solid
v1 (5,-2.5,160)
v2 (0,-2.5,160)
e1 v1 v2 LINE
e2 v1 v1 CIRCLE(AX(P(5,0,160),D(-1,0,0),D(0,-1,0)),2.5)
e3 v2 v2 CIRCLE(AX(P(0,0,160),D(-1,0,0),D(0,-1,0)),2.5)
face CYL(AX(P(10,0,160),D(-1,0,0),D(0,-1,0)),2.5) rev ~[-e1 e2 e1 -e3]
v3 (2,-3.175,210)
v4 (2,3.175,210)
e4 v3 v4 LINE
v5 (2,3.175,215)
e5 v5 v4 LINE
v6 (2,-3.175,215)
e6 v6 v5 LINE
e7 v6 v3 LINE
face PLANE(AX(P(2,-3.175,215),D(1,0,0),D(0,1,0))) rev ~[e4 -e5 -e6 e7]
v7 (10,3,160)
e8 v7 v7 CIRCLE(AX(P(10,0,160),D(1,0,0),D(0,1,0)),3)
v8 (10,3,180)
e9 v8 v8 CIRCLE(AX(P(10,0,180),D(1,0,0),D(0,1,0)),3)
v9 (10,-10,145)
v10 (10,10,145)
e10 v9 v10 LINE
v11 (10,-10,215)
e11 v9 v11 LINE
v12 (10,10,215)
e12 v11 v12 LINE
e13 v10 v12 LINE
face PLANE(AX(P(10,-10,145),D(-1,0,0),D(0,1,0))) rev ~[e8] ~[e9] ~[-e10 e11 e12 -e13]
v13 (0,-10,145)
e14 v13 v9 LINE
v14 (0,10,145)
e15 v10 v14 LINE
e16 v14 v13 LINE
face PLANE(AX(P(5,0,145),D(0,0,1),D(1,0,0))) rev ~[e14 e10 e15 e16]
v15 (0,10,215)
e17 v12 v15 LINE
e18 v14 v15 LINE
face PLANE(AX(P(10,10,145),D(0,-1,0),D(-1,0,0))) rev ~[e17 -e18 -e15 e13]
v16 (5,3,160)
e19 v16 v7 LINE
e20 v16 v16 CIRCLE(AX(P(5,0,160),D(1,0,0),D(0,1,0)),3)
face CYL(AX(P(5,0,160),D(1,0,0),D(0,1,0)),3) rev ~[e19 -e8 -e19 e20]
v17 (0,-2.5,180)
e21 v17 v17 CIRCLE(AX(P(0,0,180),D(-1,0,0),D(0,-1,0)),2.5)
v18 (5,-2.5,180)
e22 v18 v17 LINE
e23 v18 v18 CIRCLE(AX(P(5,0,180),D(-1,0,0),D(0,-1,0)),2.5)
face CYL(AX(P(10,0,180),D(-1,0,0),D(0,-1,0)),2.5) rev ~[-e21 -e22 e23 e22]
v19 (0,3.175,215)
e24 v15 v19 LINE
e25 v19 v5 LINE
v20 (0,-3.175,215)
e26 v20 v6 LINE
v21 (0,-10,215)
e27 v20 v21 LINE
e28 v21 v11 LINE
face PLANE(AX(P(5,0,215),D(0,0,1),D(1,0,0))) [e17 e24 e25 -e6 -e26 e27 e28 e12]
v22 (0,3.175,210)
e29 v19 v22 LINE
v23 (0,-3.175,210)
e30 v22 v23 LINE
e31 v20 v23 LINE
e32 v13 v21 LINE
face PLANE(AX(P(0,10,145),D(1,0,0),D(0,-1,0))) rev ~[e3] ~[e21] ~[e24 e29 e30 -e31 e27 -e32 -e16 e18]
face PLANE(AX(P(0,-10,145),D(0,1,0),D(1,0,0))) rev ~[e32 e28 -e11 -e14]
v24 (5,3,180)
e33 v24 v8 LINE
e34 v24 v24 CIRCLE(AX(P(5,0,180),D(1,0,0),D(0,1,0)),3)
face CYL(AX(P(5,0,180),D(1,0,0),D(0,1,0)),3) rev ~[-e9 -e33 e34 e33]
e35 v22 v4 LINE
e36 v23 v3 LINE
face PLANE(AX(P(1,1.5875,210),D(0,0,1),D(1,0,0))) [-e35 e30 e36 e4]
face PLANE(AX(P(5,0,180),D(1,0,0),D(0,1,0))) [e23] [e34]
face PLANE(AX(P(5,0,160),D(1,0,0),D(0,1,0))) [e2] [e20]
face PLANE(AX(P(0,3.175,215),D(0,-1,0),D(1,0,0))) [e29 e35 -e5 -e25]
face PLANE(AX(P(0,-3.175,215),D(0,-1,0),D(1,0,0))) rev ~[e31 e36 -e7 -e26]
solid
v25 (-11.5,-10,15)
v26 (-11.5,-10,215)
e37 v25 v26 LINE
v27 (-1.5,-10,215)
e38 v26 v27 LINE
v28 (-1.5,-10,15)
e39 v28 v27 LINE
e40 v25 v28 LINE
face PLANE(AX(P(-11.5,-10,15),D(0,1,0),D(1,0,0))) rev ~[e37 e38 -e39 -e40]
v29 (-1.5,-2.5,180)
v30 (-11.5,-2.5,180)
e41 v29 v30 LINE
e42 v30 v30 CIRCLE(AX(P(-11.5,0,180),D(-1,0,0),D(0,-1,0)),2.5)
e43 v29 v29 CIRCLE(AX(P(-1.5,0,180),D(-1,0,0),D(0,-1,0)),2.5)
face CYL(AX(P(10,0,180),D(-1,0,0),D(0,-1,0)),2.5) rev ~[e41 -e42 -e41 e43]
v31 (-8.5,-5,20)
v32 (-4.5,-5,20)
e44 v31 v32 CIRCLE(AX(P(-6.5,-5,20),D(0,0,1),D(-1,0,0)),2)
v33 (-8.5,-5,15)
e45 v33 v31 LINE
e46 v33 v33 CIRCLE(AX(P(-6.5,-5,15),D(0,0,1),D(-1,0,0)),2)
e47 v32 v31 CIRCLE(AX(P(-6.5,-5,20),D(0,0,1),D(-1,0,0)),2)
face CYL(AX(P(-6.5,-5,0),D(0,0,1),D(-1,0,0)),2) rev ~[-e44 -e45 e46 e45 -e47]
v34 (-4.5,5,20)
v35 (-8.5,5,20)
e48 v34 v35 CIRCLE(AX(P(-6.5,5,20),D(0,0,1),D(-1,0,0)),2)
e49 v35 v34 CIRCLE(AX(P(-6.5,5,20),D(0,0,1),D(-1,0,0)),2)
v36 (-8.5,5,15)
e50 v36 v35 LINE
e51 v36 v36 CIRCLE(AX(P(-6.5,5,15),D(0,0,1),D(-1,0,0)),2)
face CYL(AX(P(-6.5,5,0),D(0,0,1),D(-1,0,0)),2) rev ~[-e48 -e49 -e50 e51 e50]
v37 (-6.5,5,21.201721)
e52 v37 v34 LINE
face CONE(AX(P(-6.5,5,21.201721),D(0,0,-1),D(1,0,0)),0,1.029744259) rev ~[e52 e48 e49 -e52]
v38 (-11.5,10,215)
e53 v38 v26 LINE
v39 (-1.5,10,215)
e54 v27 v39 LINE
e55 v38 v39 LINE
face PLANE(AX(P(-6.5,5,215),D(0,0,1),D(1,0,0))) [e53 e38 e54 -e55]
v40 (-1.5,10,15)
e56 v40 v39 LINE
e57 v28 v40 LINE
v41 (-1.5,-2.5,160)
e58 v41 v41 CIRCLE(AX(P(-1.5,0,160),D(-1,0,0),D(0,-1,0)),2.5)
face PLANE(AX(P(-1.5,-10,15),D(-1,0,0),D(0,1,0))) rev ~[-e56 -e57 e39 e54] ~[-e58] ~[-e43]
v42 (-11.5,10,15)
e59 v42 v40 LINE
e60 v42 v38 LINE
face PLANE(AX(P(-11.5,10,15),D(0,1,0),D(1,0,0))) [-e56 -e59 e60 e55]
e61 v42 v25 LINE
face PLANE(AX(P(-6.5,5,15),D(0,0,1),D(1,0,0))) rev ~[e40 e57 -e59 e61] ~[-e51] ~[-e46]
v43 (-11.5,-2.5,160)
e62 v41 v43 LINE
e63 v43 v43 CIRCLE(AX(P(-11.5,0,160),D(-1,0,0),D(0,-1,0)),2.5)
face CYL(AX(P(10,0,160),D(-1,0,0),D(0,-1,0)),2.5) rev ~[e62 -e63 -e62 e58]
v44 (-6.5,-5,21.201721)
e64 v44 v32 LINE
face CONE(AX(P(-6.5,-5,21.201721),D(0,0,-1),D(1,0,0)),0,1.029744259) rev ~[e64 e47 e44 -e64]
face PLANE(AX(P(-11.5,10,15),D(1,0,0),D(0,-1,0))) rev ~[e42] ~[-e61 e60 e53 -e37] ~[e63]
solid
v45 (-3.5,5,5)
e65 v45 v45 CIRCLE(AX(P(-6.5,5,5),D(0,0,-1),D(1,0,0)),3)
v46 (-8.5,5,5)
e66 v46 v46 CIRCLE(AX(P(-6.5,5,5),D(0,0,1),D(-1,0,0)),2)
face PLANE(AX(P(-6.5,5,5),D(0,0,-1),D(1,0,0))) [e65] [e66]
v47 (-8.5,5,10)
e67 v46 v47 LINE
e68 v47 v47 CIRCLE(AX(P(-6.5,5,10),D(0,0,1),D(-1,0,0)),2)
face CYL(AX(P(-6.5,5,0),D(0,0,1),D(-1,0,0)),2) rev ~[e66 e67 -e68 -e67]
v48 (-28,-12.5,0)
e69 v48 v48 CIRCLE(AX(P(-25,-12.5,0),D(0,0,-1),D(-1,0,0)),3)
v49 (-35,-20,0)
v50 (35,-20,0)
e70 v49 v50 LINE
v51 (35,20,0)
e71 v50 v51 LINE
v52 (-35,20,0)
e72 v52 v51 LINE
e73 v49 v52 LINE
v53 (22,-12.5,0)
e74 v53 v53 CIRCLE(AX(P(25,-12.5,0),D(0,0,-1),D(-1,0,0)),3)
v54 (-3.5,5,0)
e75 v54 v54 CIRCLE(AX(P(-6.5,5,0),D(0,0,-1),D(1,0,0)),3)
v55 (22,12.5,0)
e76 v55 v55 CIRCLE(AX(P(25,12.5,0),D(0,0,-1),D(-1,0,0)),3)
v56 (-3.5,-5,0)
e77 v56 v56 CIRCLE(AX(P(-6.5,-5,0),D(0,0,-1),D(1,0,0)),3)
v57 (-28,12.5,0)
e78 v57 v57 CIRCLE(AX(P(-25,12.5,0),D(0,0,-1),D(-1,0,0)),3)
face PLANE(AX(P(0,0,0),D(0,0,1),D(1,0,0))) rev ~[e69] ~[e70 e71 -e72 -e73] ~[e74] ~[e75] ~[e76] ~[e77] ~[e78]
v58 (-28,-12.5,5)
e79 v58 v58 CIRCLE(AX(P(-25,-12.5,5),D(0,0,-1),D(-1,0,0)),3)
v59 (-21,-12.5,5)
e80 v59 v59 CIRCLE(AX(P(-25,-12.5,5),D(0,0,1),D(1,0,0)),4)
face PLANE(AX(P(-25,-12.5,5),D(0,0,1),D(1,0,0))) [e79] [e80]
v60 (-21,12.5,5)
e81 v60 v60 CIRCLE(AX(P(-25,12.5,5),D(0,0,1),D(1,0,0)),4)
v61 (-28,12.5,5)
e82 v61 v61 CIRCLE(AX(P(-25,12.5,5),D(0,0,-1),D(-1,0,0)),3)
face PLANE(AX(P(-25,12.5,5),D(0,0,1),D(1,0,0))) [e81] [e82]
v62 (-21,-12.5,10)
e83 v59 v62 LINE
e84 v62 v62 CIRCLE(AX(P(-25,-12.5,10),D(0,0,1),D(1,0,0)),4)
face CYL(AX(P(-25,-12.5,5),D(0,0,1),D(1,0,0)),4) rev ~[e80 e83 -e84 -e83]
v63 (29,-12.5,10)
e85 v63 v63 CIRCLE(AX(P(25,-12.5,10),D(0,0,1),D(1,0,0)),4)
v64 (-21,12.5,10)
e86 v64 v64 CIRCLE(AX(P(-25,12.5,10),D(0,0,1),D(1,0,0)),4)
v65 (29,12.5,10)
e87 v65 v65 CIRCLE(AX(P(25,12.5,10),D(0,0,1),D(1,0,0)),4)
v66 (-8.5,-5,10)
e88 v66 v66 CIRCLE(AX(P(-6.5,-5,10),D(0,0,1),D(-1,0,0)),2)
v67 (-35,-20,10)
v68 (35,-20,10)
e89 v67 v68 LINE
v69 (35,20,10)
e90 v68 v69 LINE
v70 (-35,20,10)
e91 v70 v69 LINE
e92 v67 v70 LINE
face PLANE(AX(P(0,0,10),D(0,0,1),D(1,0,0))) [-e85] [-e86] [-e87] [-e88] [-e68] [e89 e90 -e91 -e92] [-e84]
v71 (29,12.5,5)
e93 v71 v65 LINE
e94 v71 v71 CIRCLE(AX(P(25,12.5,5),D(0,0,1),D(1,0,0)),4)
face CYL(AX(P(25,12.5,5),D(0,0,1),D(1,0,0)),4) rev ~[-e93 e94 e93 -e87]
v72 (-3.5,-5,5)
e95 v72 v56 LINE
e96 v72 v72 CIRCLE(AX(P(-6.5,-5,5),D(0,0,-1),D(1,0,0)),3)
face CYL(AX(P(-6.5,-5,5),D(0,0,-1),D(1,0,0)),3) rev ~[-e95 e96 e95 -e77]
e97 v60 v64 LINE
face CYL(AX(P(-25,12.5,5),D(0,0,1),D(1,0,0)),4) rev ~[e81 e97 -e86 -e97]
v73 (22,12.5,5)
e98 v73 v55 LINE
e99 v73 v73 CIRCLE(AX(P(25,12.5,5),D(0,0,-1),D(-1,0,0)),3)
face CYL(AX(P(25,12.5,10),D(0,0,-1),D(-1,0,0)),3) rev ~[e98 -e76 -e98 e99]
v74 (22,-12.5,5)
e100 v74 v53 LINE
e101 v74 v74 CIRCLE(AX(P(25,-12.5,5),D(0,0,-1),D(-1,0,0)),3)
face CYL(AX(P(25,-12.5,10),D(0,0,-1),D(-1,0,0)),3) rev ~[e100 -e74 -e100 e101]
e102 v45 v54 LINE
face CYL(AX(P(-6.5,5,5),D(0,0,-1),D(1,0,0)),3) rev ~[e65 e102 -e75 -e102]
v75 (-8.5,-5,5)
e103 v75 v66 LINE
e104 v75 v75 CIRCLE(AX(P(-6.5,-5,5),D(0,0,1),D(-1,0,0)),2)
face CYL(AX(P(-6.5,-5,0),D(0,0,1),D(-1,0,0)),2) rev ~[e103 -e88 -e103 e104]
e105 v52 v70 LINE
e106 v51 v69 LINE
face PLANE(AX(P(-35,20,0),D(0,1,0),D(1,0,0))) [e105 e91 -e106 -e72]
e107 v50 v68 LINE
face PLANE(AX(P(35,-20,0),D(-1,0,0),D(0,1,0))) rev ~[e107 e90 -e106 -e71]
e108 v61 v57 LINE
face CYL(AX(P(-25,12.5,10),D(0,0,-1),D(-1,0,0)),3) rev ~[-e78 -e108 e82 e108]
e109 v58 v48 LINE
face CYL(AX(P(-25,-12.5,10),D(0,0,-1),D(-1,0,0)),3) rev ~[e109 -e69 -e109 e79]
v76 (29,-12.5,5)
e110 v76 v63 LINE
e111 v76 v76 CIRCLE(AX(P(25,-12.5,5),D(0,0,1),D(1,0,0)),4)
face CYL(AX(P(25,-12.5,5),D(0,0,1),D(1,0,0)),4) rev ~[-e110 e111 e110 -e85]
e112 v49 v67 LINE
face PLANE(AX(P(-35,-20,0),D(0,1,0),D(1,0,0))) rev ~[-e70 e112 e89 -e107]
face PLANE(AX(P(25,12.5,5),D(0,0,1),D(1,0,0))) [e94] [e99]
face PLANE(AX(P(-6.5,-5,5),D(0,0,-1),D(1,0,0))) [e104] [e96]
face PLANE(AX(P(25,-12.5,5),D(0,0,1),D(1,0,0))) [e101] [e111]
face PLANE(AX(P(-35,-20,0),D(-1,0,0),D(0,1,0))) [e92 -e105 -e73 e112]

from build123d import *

# Parameters (mm, degrees)
F0_W              = 70
F0_H              = 40
F1_DEPTH          = 10
F4_D              = 6
F4_CBORE_D        = 8
F4_CBORE_DEPTH    = 5
F6_W              = 10
F6_H              = 10
F7_DEPTH          = 200
F10_DEPTH         = 70
F13_D             = 5
F13_CBORE_D       = 6
F13_CBORE_DEPTH   = 5
F13_2_D           = 5
F13_2_CBORE_D     = 6
F13_2_CBORE_DEPTH = 5
F15_D             = 4
F15_DEPTH         = 20
F15_CBORE_D       = 6
F15_CBORE_DEPTH   = 5
F15_TIP           = 1.2017212381
F15_2_D           = 4
F15_2_DEPTH       = 20
F15_2_CBORE_D     = 6
F15_2_CBORE_DEPTH = 5
F15_2_TIP         = 1.2017212381
F17_W             = 2
F17_H             = 3.175
F18_DEPTH         = 5


with BuildPart() as f1:
    # F0 (on Top) → F1 (new body)
    with BuildSketch(Plane.XY):
        Rectangle(F0_W, F0_H)
    extrude(amount=F1_DEPTH)

    # F4 (through all)
    with Locations(Plane.XY.offset(10)):
        with Locations((-25, 12.5), (25, 12.5), (25, -12.5), (-25, -12.5)):
            CounterBoreHole(F4_D / 2, F4_CBORE_D / 2, F4_CBORE_DEPTH)

    # F15
    with Locations(Plane(origin=(0, 0, 0), x_dir=(1, 0, 0), z_dir=(0, 0, -1))):
        with Locations((-6.5, -5), (-6.5, 5)):
            CounterBoreHole(F15_D / 2, F15_CBORE_D / 2, F15_CBORE_DEPTH, depth=F15_DEPTH)
            with Locations((0, 0, -(F15_DEPTH + F15_TIP / 2))):  # 118° drill point
                Cone(0, F15_D / 2, F15_TIP, mode=Mode.SUBTRACT)


with BuildPart() as f7:
    # F6 (on offset) → F7 (new body)
    with BuildSketch(Plane.XY.offset(15)):
        with Locations((-6.5, 5)):
            Rectangle(F6_W, F6_H)
        with Locations((-6.5, -5)):
            Rectangle(F6_W, F6_H)
    extrude(amount=F7_DEPTH)

    # F13 (through all)
    with Locations(Plane.YZ.offset(10)):
        with Locations((0, 160), (0, 180)):
            CounterBoreHole(F13_D / 2, F13_CBORE_D / 2, F13_CBORE_DEPTH)

    # F15#2
    with Locations(Plane(origin=(0, 0, 0), x_dir=(1, 0, 0), z_dir=(0, 0, -1))):
        with Locations((-6.5, -5), (-6.5, 5)):
            CounterBoreHole(F15_2_D / 2, F15_2_CBORE_D / 2, F15_2_CBORE_DEPTH, depth=F15_2_DEPTH)
            with Locations((0, 0, -(F15_2_DEPTH + F15_2_TIP / 2))):  # 118° drill point
                Cone(0, F15_2_D / 2, F15_2_TIP, mode=Mode.SUBTRACT)


with BuildPart() as f10:
    # F9 (on offset) → F10 (new body)
    with BuildSketch(Plane.XY.offset(145)):
        Polygon((0, 10), (0, 0), (0, -10), (10, -10), (10, 10), align=None)
    extrude(amount=F10_DEPTH)

    # F13#2 (through all)
    with Locations(Plane.YZ.offset(10)):
        with Locations((0, 160), (0, 180)):
            CounterBoreHole(F13_2_D / 2, F13_2_CBORE_D / 2, F13_2_CBORE_DEPTH)

    # F17 (on offset) → F18 (cut)
    with BuildSketch(Plane.XY.offset(215)):
        with Locations((1, 1.5875)):
            Rectangle(F17_W, F17_H)
        with Locations((1, -1.5875)):
            Rectangle(F17_W, F17_H)
    extrude(amount=-F18_DEPTH, mode=Mode.SUBTRACT)


solid = Compound([f1.part, f7.part, f10.part])
